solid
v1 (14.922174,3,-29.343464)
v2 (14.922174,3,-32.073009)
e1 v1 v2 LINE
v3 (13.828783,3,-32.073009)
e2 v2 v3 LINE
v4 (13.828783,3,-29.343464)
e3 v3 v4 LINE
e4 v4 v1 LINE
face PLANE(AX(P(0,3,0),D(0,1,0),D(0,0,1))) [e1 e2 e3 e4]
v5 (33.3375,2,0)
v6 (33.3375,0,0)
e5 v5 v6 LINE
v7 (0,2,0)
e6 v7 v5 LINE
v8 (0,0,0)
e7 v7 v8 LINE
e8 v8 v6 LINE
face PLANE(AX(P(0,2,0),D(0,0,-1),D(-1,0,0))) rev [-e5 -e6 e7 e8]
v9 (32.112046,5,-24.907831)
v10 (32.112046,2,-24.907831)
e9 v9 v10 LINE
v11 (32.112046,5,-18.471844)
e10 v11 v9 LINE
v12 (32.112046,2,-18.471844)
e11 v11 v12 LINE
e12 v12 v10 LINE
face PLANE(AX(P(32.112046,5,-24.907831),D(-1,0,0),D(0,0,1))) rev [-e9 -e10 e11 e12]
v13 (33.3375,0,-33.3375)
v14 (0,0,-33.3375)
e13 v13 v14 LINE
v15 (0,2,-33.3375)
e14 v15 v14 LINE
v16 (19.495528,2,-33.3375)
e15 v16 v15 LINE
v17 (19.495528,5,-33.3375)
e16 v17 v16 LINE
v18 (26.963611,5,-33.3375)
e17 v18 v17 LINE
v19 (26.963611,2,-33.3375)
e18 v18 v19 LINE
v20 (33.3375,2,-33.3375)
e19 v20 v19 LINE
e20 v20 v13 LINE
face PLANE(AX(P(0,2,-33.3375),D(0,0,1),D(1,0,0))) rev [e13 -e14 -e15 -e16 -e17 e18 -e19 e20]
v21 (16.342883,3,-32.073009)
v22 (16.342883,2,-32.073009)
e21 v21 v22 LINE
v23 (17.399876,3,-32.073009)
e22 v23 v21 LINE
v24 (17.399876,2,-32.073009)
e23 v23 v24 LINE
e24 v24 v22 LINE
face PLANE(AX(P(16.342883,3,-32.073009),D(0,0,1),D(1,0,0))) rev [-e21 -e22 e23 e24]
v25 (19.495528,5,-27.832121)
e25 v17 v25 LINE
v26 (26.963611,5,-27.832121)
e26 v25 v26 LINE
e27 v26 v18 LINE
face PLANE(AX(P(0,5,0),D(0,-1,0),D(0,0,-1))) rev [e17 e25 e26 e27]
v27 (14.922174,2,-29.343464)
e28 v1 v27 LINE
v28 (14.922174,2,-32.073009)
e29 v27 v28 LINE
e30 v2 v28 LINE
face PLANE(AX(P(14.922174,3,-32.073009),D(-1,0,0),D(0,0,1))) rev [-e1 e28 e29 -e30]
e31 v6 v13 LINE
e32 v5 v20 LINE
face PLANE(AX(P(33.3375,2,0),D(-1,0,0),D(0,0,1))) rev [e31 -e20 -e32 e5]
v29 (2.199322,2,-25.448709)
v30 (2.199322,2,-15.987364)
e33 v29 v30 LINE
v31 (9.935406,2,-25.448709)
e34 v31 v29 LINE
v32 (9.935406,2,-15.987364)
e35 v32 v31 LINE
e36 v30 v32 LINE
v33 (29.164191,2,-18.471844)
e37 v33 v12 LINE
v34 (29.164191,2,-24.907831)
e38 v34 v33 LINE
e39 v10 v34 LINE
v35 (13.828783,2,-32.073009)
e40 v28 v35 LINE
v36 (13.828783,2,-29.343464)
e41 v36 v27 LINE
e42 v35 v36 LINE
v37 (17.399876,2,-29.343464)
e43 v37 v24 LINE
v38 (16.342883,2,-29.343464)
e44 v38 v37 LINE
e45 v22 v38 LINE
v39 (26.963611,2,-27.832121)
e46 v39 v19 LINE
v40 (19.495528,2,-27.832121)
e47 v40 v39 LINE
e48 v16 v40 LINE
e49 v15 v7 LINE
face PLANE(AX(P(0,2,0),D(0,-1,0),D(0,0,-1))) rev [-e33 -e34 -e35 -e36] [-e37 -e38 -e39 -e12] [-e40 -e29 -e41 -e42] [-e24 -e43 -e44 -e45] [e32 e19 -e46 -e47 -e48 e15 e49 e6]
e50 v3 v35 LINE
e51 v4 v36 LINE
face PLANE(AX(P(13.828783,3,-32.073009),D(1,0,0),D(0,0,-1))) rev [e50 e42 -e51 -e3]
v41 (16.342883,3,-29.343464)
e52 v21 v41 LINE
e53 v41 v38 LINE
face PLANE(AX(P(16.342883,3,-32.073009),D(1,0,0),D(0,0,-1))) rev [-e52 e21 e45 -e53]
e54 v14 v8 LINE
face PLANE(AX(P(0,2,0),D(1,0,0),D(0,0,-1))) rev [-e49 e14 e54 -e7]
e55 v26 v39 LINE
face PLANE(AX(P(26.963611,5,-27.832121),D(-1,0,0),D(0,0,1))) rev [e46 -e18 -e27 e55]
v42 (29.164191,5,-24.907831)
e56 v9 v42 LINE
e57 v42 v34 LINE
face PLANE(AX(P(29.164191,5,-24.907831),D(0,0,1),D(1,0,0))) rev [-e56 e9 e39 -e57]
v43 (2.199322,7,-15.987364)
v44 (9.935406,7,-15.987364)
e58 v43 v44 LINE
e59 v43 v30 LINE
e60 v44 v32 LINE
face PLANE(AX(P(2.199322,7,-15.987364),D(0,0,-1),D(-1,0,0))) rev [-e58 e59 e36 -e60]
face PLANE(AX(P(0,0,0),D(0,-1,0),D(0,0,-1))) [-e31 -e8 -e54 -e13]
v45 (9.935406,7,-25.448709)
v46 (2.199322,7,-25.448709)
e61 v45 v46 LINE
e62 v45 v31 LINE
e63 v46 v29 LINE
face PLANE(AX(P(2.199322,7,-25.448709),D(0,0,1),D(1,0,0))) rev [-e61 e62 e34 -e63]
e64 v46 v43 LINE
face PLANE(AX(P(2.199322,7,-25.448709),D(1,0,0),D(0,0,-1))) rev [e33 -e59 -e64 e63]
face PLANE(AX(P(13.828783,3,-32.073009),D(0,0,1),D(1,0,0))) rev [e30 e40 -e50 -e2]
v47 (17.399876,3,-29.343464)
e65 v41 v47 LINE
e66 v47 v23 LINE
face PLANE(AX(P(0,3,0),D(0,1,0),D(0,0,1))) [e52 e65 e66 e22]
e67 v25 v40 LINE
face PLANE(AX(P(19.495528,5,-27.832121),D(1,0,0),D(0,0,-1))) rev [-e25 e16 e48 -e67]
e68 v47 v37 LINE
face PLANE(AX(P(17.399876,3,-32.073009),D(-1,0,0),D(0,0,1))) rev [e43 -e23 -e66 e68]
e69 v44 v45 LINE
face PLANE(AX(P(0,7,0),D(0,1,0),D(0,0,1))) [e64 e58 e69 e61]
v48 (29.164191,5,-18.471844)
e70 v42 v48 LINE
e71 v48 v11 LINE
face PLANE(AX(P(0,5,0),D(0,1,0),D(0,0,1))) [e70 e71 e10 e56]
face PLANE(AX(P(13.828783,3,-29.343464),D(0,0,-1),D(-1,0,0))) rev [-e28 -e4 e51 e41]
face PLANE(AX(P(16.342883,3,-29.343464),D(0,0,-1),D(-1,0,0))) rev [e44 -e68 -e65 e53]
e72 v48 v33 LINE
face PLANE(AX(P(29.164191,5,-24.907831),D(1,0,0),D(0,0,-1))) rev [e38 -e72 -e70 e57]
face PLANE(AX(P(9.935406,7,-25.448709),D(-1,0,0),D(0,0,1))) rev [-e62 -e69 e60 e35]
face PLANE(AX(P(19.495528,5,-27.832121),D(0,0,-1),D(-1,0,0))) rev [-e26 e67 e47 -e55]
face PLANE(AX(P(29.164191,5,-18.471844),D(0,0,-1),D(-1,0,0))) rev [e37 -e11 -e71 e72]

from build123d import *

# Parameters (mm, degrees)
SKETCH1_W           = 33.3375
SKETCH1_H           = 33.3375
BOSS_EXTRUDE1_DEPTH = 2
SKETCH2_W           = 7.736083449
SKETCH2_H           = 9.461345449
BOSS_EXTRUDE2_DEPTH = 5
SKETCH4_W           = 2.947854253
SKETCH4_H           = 6.435986303
BOSS_EXTRUDE3_DEPTH = 3
SKETCH5_W           = 1.093391386
SKETCH5_H           = 2.729545453
SKETCH5_W_2         = 1.056992946
BOSS_EXTRUDE4_DEPTH = 1
SKETCH6_W           = 7.46808346
SKETCH6_H           = 5.505379369
BOSS_EXTRUDE5_DEPTH = 3


with BuildPart() as part:
    # Sketch1 → Boss-Extrude1 (new body)
    with BuildSketch(Plane(origin=(0, 0, 0), x_dir=(1, 0, 0), z_dir=(0, 1, 0))):
        with Locations((16.66875, 16.66875)):
            Rectangle(SKETCH1_W, SKETCH1_H)
    extrude(amount=BOSS_EXTRUDE1_DEPTH)

    # Sketch2 → Boss-Extrude2 (add)
    with BuildSketch(Plane(origin=(0, 2, 0), x_dir=(1, 0, 0), z_dir=(0, 1, 0))):
        with Locations((6.067363874, 20.718036439)):
            Rectangle(SKETCH2_W, SKETCH2_H)
    extrude(amount=BOSS_EXTRUDE2_DEPTH)

    # Sketch4 → Boss-Extrude3 (add)
    with BuildSketch(Plane(origin=(0, 2, 0), x_dir=(1, 0, 0), z_dir=(0, 1, 0))):
        with Locations((30.638118597, 21.689837472)):
            Rectangle(SKETCH4_W, SKETCH4_H)
    extrude(amount=BOSS_EXTRUDE3_DEPTH)

    # Sketch5 → Boss-Extrude4 (add)
    with BuildSketch(Plane(origin=(0, 2, 0), x_dir=(1, 0, 0), z_dir=(0, 1, 0))):
        with Locations((14.375478356, 30.708236471)):
            Rectangle(SKETCH5_W, SKETCH5_H)
        with Locations((16.871379042, 30.708236471)):
            Rectangle(SKETCH5_W_2, SKETCH5_H)
    extrude(amount=BOSS_EXTRUDE4_DEPTH)

    # Sketch6 → Boss-Extrude5 (add)
    with BuildSketch(Plane(origin=(0, 2, 0), x_dir=(1, 0, 0), z_dir=(0, 1, 0))):
        with Locations((23.229569505, 30.584810316)):
            Rectangle(SKETCH6_W, SKETCH6_H)
    extrude(amount=BOSS_EXTRUDE5_DEPTH)


solid = part.part
